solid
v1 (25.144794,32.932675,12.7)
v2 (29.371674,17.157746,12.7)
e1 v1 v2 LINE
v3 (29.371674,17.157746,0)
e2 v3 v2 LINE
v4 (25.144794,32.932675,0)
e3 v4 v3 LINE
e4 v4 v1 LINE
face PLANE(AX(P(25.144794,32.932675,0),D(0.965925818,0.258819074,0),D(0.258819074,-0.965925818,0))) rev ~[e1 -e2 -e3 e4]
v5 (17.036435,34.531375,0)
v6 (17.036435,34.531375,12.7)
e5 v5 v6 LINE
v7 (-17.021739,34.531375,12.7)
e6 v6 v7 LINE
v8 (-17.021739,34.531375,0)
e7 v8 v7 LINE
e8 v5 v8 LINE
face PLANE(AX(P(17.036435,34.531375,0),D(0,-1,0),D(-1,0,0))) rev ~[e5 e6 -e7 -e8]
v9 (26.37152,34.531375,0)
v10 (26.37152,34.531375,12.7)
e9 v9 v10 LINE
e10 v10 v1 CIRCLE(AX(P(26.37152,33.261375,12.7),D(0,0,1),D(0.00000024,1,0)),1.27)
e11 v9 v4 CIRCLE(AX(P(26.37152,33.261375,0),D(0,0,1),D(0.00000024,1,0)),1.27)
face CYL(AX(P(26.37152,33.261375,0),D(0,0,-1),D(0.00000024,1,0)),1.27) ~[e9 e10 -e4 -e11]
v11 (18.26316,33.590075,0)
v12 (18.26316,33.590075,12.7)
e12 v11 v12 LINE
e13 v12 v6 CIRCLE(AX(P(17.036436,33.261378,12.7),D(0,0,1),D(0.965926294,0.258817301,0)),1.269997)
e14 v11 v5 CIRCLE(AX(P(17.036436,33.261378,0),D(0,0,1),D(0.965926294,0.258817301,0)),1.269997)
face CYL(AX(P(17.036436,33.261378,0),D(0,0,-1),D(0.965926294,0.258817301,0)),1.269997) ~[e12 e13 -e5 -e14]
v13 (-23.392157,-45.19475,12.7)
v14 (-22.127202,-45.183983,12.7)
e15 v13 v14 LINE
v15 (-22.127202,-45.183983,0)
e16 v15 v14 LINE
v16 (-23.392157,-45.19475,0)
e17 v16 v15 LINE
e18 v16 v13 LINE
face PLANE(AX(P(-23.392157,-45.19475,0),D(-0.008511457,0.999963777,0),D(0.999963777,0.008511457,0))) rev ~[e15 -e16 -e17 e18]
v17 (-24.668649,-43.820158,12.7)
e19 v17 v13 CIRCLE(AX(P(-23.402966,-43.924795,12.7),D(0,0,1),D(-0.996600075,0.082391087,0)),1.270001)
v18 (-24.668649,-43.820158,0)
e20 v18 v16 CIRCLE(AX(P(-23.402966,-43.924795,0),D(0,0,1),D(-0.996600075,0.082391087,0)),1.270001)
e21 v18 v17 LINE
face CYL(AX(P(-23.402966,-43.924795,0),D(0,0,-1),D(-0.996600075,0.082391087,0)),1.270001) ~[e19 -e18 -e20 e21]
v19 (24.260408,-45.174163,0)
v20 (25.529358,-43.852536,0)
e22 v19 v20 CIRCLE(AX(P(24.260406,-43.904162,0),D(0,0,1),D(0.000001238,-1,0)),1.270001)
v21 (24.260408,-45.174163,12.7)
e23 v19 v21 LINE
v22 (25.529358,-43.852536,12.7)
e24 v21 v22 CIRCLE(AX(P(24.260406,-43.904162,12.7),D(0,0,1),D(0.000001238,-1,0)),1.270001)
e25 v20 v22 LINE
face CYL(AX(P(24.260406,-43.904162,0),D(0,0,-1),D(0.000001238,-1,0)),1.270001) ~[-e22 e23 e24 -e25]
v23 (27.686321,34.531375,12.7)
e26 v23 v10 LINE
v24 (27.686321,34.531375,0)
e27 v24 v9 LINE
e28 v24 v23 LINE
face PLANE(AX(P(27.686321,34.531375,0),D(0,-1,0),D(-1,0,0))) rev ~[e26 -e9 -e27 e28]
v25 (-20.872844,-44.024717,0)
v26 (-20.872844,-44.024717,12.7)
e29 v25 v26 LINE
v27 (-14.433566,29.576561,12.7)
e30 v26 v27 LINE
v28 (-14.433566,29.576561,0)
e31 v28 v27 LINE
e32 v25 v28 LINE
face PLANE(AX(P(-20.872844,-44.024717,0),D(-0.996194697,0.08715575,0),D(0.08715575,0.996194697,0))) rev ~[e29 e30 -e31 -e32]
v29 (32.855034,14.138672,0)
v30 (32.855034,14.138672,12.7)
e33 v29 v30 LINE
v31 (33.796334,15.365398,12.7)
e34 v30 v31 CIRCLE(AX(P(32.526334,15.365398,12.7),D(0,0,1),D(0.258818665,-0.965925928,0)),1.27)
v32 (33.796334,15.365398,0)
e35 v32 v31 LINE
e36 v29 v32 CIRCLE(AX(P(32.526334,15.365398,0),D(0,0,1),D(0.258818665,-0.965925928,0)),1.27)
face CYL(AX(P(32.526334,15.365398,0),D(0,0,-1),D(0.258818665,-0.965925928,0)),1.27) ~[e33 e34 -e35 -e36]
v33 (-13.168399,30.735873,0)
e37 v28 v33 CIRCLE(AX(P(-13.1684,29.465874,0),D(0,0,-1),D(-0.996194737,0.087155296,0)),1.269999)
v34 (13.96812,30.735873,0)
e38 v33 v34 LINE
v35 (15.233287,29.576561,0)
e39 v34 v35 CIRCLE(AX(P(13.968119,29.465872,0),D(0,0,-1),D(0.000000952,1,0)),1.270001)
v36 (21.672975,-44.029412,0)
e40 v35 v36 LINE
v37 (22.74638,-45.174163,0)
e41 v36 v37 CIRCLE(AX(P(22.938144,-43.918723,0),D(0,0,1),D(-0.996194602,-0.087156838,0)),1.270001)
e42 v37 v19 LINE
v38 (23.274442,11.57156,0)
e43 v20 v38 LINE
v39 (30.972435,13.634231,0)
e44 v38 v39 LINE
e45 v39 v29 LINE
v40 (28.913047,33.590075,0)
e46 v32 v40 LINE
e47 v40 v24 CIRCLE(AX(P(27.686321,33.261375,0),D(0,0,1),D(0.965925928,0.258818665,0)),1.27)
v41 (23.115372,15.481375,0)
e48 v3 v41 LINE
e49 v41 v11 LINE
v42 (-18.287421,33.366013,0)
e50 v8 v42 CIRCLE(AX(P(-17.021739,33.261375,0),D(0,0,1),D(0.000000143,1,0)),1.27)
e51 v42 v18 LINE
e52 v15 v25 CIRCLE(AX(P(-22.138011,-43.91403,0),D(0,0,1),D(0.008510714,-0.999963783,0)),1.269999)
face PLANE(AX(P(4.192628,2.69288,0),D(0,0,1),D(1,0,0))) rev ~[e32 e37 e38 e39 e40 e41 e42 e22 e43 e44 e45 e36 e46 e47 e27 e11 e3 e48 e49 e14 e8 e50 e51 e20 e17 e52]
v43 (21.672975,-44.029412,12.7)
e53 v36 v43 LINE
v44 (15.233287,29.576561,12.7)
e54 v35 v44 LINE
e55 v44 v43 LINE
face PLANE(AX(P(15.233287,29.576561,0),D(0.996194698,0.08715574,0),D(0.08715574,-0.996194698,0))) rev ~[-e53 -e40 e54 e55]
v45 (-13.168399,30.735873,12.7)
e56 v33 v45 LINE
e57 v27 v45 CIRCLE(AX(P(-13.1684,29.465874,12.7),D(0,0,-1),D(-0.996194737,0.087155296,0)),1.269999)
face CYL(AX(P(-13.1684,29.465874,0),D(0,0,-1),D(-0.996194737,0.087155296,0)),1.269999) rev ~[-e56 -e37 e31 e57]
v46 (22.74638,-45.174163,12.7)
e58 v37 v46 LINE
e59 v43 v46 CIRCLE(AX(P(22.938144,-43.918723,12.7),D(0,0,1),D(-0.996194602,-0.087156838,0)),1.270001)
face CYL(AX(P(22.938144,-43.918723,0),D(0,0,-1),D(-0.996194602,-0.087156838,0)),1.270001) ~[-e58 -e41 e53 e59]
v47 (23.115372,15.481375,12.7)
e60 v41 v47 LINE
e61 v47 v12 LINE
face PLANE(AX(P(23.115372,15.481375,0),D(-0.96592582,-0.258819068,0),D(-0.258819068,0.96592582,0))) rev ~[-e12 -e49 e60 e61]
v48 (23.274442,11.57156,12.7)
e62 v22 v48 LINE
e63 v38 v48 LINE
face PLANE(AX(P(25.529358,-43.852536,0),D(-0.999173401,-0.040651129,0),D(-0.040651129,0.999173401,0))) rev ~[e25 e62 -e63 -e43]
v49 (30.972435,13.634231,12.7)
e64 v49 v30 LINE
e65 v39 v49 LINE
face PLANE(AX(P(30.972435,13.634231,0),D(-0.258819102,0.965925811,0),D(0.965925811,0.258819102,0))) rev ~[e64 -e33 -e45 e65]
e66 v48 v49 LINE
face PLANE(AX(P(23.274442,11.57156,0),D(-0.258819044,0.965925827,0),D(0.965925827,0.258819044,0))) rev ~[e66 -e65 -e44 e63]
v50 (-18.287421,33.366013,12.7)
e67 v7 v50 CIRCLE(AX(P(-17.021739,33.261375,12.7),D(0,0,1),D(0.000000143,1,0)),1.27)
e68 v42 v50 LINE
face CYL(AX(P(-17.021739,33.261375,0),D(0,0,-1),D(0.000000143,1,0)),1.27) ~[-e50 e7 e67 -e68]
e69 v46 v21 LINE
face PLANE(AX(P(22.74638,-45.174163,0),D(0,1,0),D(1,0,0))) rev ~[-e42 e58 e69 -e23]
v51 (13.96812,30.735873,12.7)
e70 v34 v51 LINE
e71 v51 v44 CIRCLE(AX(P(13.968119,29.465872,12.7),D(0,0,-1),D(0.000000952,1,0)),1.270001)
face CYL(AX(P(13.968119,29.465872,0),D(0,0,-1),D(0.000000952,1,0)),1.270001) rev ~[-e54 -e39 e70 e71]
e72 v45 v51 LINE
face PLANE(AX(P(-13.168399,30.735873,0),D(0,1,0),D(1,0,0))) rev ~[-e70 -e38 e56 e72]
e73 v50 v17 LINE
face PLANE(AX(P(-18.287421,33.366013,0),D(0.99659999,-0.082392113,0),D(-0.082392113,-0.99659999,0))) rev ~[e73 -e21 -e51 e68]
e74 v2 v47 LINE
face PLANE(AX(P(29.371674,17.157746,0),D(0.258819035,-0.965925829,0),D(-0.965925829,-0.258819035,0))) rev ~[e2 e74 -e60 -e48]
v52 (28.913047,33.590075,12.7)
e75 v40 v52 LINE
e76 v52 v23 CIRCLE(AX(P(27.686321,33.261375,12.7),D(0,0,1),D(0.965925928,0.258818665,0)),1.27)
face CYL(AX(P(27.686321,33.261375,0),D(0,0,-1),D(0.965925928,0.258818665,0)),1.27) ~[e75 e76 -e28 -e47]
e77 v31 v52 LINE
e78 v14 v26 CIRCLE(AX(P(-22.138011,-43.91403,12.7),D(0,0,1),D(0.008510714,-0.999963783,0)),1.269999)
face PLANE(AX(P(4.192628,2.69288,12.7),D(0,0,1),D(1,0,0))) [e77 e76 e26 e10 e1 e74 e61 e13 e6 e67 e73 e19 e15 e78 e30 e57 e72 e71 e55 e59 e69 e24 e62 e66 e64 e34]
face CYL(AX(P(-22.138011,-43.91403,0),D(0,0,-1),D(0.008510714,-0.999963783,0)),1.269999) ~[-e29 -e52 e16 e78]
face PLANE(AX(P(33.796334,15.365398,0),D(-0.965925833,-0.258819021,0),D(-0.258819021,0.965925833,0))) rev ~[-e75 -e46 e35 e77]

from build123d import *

# Parameters (mm, degrees)
F1_DEPTH = 12.7


with BuildPart() as f1:
    # F0 (on Top) → F1 (new body)
    with BuildSketch(Plane.XY):
        with BuildLine():
            ThreePointArc((-14.433566, 29.576561), (-14.026399, 30.402215), (-13.168399, 30.735873))
            Line((-13.168399, 30.735873), (13.96812, 30.735873))
            ThreePointArc((13.96812, 30.735873), (14.826119, 30.402215), (15.233287, 29.576561))
            Line((15.233287, 29.576561), (21.672975, -44.029412))
            ThreePointArc((21.672975, -44.029412), (22.011711, -44.787415), (22.74638, -45.174163))
            Line((22.74638, -45.174163), (24.260408, -45.174163))
            ThreePointArc((24.260408, -45.174163), (25.176504, -44.783746), (25.529358, -43.852536))
            Line((25.529358, -43.852536), (23.274442, 11.57156))
            Line((23.274442, 11.57156), (30.972435, 13.634231))
            Line((30.972435, 13.634231), (32.855034, 14.138672))
            ThreePointArc((32.855034, 14.138672), (33.533893, 14.592271), (33.796334, 15.365398))
            Line((33.796334, 15.365398), (28.913047, 33.590075))
            ThreePointArc((28.913047, 33.590075), (28.459448, 34.268934), (27.686321, 34.531375))
            Line((27.686321, 34.531375), (26.37152, 34.531375))
            ThreePointArc((26.37152, 34.531375), (25.363961, 34.034502), (25.144794, 32.932675))
            Line((25.144794, 32.932675), (29.371674, 17.157746))
            Line((29.371674, 17.157746), (23.115372, 15.481375))
            Line((23.115372, 15.481375), (18.26316, 33.590075))
            ThreePointArc((18.26316, 33.590075), (17.809562, 34.268934), (17.036435, 34.531375))
            Line((17.036435, 34.531375), (-17.021739, 34.531375))
            ThreePointArc((-17.021739, 34.531375), (-17.881974, 34.195664), (-18.287421, 33.366013))
            Line((-18.287421, 33.366013), (-24.668649, -43.820158))
            ThreePointArc((-24.668649, -43.820158), (-24.333586, -44.788999), (-23.392157, -45.19475))
            Line((-23.392157, -45.19475), (-22.127202, -45.183983))
            ThreePointArc((-22.127202, -45.183983), (-21.276035, -44.846712), (-20.872844, -44.024717))
            Line((-20.872844, -44.024717), (-14.433566, 29.576561))
        make_face()
    extrude(amount=F1_DEPTH)


solid = f1.part
